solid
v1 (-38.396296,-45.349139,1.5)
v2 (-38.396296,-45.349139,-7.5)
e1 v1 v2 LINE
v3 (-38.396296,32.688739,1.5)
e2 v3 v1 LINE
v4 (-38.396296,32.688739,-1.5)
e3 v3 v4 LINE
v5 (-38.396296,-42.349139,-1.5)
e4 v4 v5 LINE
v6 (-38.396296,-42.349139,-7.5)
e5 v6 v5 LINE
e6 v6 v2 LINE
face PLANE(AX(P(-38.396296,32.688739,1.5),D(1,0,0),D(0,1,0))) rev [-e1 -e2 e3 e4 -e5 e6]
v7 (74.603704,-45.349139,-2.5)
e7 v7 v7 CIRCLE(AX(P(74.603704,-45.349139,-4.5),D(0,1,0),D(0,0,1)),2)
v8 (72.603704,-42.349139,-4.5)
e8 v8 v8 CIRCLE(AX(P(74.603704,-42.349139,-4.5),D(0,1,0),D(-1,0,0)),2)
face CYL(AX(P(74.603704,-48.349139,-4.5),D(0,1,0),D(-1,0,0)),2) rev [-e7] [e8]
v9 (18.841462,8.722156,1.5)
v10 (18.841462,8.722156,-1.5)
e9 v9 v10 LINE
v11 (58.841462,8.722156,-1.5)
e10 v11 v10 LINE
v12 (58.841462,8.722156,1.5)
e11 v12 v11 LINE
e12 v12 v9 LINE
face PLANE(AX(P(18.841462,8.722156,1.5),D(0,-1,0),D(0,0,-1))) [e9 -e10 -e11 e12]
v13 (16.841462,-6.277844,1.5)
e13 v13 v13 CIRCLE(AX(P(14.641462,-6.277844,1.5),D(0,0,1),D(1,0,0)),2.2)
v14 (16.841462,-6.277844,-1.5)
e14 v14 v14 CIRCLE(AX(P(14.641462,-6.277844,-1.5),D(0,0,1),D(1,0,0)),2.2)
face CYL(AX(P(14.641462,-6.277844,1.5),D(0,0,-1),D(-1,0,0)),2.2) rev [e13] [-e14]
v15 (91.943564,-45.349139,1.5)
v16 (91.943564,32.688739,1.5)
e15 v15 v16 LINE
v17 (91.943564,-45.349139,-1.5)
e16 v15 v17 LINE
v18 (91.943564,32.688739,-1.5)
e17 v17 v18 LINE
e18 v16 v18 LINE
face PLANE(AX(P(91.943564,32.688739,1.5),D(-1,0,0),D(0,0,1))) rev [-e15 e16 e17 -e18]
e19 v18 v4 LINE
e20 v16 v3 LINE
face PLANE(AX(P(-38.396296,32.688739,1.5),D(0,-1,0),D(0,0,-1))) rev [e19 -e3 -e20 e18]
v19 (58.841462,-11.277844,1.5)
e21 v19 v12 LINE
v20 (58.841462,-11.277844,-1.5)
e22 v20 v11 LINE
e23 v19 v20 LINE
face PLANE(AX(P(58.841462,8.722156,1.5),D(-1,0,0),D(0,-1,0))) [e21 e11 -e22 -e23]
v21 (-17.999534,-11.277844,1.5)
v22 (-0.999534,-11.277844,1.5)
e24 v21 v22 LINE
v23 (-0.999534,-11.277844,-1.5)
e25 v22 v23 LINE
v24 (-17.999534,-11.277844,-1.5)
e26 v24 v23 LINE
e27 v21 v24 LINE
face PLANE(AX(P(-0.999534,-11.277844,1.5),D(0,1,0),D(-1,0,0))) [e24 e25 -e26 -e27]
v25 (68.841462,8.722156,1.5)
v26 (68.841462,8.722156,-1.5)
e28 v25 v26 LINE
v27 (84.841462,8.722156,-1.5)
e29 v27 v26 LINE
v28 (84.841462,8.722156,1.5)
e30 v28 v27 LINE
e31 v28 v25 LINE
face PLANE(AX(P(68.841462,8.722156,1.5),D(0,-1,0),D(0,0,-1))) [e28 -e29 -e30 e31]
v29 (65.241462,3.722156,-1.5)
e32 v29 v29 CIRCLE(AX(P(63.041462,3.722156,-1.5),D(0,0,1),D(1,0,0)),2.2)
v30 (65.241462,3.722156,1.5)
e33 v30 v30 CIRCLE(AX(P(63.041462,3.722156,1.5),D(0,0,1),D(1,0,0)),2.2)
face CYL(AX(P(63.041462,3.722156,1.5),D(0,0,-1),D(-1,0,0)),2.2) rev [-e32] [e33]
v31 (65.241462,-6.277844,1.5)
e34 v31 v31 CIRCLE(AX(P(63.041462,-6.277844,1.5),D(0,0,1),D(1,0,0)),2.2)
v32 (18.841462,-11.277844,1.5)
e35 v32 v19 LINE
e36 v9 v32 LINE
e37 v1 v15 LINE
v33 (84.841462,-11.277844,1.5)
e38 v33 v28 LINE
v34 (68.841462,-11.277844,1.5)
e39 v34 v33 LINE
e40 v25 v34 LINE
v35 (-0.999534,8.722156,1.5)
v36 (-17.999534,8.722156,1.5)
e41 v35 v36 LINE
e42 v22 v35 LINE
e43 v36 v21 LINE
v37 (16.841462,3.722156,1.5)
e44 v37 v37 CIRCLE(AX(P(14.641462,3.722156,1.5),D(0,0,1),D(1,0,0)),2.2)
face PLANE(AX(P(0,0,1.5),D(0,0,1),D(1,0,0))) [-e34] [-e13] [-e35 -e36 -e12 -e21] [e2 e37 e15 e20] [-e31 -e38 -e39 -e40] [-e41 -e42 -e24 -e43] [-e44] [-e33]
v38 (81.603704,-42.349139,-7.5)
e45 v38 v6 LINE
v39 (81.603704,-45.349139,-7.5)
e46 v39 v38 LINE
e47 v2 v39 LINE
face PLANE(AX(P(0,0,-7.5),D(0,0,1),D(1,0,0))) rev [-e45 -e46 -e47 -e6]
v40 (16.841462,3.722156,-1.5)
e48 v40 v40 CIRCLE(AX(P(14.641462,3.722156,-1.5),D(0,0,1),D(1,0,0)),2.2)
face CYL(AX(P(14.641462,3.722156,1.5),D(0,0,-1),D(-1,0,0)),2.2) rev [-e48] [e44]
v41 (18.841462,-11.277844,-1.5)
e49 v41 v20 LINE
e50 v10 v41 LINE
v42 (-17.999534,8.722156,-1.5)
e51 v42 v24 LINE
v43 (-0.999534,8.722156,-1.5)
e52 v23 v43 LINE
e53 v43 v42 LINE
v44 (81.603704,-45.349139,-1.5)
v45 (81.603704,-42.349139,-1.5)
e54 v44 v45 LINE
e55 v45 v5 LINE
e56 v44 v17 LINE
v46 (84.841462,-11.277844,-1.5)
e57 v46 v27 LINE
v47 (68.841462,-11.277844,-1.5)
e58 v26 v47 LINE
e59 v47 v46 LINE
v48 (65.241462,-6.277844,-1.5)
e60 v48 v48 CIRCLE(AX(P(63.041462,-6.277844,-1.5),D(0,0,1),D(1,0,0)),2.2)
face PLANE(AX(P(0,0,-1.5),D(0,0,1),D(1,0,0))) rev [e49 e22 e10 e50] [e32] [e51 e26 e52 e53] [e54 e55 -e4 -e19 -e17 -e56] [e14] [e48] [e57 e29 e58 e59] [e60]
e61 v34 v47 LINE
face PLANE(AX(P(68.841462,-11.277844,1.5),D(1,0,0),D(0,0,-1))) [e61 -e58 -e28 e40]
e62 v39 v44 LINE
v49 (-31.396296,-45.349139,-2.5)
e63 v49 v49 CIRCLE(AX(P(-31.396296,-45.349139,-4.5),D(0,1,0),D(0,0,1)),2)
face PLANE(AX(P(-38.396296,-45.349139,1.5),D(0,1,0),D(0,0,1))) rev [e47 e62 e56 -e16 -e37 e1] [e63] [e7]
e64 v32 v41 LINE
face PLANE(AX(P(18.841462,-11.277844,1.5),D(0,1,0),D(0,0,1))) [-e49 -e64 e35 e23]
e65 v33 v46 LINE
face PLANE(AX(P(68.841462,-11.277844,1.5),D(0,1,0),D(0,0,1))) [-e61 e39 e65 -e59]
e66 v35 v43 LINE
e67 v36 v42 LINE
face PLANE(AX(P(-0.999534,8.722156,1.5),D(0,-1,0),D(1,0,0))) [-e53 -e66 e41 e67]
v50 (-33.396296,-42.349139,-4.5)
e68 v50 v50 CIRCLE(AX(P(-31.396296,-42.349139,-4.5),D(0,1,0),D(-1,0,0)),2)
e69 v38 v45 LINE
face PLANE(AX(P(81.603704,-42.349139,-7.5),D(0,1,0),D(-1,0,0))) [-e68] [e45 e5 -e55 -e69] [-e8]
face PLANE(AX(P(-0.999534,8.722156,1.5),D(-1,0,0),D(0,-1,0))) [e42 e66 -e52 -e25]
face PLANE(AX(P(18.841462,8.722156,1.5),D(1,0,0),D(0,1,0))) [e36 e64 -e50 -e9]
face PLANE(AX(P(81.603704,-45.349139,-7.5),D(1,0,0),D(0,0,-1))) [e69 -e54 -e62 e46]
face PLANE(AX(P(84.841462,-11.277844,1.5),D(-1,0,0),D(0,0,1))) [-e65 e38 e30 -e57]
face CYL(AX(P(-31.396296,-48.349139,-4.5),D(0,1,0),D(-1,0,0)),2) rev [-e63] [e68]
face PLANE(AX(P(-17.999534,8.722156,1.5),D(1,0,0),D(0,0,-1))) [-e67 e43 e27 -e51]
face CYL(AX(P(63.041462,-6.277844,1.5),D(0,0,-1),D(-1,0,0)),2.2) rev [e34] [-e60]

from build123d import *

# Parameters (mm, degrees)
SKETCH_1_W          = 130.339859815
SKETCH_1_H          = 78.03787785
SKETCH_1_R          = 2.2
SKETCH_1_W_2        = 40
SKETCH_1_H_2        = 20
SKETCH_1_W_3        = 17
SKETCH_1_H_3        = 20.000000003
SKETCH_1_W_4        = 16
EXTRUDE_1_DEPTH     = 1.5
SKETCH_2_W          = 120
SKETCH_2_H          = 3
EXTRUDE_2_DEPTH     = 9
SKETCH_3_R          = 2
CUT_EXTRUDE_1_DEPTH = 6


with BuildPart() as part:
    # 草图1 → 凸台-拉伸1 (new, symmetric)
    with BuildSketch(Plane.XY):
        with Locations((26.773633624, -6.330200198)):
            Rectangle(SKETCH_1_W, SKETCH_1_H)
        with Locations((14.641461985, 3.722155933)):
            Circle(SKETCH_1_R, mode=Mode.SUBTRACT)
        with Locations((14.641461985, -6.277844067)):
            Circle(SKETCH_1_R, mode=Mode.SUBTRACT)
        with Locations((63.041461985, 3.722155933)):
            Circle(SKETCH_1_R, mode=Mode.SUBTRACT)
        with Locations((63.041461985, -6.277844067)):
            Circle(SKETCH_1_R, mode=Mode.SUBTRACT)
        with Locations((38.841461985, -1.277844067)):
            Rectangle(SKETCH_1_W_2, SKETCH_1_H_2, mode=Mode.SUBTRACT)
        with Locations((-9.499534143, -1.277844069)):
            Rectangle(SKETCH_1_W_3, SKETCH_1_H_3, mode=Mode.SUBTRACT)
        with Locations((76.841461985, -1.277844067)):
            Rectangle(SKETCH_1_W_4, SKETCH_1_H_2, mode=Mode.SUBTRACT)
    extrude(amount=EXTRUDE_1_DEPTH, both=True)

    # 草图2 → 凸台-拉伸2 (add)
    with BuildSketch(Plane.XY.offset(1.5)):
        with Locations((21.603703717, -43.849139123)):
            Rectangle(SKETCH_2_W, SKETCH_2_H)
    extrude(amount=-EXTRUDE_2_DEPTH)

    # 草图3 → 切除-拉伸1 (cut)
    with BuildSketch(Plane(origin=(0, -42.349139123, 0), x_dir=(1, 0, 0), z_dir=(0, 1, 0))):
        with Locations(Location((-31.396296283, 4.5, 0), (0, 0, 180))):
            Circle(SKETCH_3_R)
        with Locations(Location((74.603703717, 4.5, 0), (0, 0, 180))):
            Circle(SKETCH_3_R)
    extrude(amount=-CUT_EXTRUDE_1_DEPTH, mode=Mode.SUBTRACT)


solid = part.part
